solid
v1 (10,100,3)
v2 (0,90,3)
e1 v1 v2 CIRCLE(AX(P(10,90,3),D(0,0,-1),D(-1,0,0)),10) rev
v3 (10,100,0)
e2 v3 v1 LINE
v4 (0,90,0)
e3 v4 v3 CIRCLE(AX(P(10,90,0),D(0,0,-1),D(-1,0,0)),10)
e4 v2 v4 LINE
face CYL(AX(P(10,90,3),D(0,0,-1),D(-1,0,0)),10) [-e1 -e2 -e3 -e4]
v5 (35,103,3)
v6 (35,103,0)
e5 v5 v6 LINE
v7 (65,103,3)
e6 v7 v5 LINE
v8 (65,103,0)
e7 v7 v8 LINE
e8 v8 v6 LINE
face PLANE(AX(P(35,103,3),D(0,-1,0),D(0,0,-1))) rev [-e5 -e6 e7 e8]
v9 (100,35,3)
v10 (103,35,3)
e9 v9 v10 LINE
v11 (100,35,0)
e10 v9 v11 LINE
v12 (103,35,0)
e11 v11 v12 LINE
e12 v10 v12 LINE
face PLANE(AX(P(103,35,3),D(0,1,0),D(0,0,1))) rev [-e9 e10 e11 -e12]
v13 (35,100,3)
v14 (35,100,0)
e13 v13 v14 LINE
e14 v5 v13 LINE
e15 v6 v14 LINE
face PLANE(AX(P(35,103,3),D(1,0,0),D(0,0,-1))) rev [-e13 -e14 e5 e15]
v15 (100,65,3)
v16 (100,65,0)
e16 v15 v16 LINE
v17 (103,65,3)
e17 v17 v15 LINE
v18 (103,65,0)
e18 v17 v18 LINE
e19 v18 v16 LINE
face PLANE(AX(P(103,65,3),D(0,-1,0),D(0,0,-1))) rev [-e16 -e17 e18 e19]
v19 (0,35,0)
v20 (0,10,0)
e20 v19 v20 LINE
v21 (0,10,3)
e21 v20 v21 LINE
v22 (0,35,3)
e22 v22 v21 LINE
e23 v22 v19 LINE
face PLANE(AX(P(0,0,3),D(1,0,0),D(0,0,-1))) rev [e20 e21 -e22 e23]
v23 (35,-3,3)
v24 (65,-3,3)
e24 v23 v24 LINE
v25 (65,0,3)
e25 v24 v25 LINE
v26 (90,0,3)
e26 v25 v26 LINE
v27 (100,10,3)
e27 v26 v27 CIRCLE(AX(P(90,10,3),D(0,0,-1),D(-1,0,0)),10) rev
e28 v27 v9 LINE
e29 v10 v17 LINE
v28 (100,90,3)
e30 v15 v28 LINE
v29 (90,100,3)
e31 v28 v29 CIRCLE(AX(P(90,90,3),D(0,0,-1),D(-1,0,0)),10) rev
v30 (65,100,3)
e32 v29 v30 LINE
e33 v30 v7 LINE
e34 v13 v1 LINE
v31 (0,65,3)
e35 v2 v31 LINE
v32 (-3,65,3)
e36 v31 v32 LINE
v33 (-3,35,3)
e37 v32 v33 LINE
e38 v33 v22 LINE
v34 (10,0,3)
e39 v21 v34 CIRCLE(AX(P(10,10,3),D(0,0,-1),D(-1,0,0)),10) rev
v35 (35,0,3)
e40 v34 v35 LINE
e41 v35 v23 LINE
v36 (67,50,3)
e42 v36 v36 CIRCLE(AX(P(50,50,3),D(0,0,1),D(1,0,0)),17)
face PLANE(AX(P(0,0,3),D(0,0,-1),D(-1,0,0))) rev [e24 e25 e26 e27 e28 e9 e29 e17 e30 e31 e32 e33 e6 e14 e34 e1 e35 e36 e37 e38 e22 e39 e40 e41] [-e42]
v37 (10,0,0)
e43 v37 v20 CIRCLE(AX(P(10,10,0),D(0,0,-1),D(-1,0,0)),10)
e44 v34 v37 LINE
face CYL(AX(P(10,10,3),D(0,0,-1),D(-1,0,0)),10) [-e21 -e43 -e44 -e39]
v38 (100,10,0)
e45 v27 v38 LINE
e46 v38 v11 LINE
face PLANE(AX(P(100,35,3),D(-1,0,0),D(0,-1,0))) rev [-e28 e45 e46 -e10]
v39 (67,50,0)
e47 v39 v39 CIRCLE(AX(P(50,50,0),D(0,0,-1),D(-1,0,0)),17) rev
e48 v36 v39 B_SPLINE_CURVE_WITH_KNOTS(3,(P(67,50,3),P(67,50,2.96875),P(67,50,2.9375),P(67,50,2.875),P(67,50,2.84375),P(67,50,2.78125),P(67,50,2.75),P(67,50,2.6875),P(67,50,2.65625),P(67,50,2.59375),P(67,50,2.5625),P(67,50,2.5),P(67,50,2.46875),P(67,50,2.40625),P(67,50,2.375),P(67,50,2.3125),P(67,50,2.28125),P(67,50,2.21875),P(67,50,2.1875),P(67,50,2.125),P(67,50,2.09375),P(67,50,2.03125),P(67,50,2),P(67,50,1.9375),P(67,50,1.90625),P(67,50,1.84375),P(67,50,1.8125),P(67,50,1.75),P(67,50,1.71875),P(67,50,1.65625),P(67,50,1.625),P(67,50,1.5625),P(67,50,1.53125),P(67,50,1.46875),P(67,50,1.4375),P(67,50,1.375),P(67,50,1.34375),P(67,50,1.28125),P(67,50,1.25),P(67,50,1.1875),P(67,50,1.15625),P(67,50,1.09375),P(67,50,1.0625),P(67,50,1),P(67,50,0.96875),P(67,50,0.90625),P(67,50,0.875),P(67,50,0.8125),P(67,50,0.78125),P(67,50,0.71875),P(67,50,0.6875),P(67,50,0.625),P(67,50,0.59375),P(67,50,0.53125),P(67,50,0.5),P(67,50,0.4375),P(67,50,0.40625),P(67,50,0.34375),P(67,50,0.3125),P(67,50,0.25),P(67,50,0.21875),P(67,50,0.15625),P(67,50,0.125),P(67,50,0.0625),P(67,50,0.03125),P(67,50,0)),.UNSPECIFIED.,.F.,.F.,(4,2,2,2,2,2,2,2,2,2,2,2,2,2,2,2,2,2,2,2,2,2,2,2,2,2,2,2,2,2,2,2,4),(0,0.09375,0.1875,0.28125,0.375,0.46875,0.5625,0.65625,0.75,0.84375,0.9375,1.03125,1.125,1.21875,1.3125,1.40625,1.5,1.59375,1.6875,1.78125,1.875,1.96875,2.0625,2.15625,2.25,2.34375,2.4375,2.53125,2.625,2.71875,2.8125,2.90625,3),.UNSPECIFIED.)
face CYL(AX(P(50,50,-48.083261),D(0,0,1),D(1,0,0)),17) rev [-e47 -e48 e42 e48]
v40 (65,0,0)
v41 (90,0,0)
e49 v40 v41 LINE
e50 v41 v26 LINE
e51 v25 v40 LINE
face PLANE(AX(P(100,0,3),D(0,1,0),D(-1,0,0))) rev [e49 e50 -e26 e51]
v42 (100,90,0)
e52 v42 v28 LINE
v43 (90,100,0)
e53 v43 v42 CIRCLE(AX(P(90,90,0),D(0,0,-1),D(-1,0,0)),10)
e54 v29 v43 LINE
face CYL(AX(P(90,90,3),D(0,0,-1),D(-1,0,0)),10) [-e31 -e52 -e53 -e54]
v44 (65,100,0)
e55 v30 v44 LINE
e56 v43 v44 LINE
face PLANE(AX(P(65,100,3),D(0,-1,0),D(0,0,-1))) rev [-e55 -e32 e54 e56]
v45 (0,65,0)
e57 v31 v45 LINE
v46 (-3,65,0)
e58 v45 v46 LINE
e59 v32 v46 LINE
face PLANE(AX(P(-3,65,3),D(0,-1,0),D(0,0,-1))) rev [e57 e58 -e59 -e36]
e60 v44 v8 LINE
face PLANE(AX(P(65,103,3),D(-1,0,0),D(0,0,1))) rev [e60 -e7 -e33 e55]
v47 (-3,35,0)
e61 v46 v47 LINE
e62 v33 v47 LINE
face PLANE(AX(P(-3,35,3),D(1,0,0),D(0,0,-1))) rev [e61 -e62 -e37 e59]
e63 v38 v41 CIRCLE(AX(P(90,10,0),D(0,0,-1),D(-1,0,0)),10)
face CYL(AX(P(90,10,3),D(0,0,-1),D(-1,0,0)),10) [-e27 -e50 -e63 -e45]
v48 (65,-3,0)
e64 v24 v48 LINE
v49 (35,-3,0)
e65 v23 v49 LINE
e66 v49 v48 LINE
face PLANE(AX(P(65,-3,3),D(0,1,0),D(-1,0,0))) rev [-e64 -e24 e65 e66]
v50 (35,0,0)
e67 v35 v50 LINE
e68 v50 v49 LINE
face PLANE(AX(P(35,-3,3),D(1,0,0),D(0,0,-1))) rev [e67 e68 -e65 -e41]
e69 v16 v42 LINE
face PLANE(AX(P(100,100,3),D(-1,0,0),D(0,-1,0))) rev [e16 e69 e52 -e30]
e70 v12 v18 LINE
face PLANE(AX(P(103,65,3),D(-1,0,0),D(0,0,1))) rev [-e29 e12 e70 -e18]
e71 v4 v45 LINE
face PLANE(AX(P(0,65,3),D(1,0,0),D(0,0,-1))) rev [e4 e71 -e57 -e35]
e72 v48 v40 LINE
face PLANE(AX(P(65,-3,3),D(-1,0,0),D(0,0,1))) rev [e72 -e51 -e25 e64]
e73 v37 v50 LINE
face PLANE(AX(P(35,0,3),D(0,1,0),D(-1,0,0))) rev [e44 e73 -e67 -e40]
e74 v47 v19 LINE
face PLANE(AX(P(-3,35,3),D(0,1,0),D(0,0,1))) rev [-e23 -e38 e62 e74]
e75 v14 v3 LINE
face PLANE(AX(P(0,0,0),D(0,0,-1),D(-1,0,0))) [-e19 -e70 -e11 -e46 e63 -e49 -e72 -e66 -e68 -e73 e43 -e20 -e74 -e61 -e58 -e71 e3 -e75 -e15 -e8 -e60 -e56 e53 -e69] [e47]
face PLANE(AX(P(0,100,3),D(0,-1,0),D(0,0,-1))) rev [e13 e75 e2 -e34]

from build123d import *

# Parameters (mm, degrees)
BOSS_EXTRU_1_DEPTH      = 3
ESQUISSE2_R             = 17
ENL_V_MAT_EXTRU_1_DEPTH = 3
CONG_1_R                = 10


with BuildPart() as part:
    # Esquisse1 → Boss.-Extru.1 (new body)
    with BuildSketch(Plane.XY):
        Polygon((0, 0), (0, 35), (-3, 35), (-3, 65), (0, 65), (0, 100), (35, 100), (35, 103), (65, 103), (65, 100), (100, 100), (100, 65), (103, 65), (103, 35), (100, 35), (100, 0), (65, 0), (65, -3), (35, -3), (35, 0), align=None)
    extrude(amount=BOSS_EXTRU_1_DEPTH)

    # Esquisse2 → Enlèv. mat.-Extru.1 (cut)
    with BuildSketch(Plane.XY.offset(3)):
        with Locations((50, 50)):
            Circle(ESQUISSE2_R)
    extrude(amount=-ENL_V_MAT_EXTRU_1_DEPTH, mode=Mode.SUBTRACT)

    # Congé1
    cong_1_edges = [part.edges().sort_by_distance(p)[0] for p in [
        (0, 0, 1.5),
        (0, 100, 1.5),
        (100, 100, 1.5),
        (100, 0, 1.5),
    ]]
    fillet(cong_1_edges, radius=CONG_1_R)


solid = part.part
